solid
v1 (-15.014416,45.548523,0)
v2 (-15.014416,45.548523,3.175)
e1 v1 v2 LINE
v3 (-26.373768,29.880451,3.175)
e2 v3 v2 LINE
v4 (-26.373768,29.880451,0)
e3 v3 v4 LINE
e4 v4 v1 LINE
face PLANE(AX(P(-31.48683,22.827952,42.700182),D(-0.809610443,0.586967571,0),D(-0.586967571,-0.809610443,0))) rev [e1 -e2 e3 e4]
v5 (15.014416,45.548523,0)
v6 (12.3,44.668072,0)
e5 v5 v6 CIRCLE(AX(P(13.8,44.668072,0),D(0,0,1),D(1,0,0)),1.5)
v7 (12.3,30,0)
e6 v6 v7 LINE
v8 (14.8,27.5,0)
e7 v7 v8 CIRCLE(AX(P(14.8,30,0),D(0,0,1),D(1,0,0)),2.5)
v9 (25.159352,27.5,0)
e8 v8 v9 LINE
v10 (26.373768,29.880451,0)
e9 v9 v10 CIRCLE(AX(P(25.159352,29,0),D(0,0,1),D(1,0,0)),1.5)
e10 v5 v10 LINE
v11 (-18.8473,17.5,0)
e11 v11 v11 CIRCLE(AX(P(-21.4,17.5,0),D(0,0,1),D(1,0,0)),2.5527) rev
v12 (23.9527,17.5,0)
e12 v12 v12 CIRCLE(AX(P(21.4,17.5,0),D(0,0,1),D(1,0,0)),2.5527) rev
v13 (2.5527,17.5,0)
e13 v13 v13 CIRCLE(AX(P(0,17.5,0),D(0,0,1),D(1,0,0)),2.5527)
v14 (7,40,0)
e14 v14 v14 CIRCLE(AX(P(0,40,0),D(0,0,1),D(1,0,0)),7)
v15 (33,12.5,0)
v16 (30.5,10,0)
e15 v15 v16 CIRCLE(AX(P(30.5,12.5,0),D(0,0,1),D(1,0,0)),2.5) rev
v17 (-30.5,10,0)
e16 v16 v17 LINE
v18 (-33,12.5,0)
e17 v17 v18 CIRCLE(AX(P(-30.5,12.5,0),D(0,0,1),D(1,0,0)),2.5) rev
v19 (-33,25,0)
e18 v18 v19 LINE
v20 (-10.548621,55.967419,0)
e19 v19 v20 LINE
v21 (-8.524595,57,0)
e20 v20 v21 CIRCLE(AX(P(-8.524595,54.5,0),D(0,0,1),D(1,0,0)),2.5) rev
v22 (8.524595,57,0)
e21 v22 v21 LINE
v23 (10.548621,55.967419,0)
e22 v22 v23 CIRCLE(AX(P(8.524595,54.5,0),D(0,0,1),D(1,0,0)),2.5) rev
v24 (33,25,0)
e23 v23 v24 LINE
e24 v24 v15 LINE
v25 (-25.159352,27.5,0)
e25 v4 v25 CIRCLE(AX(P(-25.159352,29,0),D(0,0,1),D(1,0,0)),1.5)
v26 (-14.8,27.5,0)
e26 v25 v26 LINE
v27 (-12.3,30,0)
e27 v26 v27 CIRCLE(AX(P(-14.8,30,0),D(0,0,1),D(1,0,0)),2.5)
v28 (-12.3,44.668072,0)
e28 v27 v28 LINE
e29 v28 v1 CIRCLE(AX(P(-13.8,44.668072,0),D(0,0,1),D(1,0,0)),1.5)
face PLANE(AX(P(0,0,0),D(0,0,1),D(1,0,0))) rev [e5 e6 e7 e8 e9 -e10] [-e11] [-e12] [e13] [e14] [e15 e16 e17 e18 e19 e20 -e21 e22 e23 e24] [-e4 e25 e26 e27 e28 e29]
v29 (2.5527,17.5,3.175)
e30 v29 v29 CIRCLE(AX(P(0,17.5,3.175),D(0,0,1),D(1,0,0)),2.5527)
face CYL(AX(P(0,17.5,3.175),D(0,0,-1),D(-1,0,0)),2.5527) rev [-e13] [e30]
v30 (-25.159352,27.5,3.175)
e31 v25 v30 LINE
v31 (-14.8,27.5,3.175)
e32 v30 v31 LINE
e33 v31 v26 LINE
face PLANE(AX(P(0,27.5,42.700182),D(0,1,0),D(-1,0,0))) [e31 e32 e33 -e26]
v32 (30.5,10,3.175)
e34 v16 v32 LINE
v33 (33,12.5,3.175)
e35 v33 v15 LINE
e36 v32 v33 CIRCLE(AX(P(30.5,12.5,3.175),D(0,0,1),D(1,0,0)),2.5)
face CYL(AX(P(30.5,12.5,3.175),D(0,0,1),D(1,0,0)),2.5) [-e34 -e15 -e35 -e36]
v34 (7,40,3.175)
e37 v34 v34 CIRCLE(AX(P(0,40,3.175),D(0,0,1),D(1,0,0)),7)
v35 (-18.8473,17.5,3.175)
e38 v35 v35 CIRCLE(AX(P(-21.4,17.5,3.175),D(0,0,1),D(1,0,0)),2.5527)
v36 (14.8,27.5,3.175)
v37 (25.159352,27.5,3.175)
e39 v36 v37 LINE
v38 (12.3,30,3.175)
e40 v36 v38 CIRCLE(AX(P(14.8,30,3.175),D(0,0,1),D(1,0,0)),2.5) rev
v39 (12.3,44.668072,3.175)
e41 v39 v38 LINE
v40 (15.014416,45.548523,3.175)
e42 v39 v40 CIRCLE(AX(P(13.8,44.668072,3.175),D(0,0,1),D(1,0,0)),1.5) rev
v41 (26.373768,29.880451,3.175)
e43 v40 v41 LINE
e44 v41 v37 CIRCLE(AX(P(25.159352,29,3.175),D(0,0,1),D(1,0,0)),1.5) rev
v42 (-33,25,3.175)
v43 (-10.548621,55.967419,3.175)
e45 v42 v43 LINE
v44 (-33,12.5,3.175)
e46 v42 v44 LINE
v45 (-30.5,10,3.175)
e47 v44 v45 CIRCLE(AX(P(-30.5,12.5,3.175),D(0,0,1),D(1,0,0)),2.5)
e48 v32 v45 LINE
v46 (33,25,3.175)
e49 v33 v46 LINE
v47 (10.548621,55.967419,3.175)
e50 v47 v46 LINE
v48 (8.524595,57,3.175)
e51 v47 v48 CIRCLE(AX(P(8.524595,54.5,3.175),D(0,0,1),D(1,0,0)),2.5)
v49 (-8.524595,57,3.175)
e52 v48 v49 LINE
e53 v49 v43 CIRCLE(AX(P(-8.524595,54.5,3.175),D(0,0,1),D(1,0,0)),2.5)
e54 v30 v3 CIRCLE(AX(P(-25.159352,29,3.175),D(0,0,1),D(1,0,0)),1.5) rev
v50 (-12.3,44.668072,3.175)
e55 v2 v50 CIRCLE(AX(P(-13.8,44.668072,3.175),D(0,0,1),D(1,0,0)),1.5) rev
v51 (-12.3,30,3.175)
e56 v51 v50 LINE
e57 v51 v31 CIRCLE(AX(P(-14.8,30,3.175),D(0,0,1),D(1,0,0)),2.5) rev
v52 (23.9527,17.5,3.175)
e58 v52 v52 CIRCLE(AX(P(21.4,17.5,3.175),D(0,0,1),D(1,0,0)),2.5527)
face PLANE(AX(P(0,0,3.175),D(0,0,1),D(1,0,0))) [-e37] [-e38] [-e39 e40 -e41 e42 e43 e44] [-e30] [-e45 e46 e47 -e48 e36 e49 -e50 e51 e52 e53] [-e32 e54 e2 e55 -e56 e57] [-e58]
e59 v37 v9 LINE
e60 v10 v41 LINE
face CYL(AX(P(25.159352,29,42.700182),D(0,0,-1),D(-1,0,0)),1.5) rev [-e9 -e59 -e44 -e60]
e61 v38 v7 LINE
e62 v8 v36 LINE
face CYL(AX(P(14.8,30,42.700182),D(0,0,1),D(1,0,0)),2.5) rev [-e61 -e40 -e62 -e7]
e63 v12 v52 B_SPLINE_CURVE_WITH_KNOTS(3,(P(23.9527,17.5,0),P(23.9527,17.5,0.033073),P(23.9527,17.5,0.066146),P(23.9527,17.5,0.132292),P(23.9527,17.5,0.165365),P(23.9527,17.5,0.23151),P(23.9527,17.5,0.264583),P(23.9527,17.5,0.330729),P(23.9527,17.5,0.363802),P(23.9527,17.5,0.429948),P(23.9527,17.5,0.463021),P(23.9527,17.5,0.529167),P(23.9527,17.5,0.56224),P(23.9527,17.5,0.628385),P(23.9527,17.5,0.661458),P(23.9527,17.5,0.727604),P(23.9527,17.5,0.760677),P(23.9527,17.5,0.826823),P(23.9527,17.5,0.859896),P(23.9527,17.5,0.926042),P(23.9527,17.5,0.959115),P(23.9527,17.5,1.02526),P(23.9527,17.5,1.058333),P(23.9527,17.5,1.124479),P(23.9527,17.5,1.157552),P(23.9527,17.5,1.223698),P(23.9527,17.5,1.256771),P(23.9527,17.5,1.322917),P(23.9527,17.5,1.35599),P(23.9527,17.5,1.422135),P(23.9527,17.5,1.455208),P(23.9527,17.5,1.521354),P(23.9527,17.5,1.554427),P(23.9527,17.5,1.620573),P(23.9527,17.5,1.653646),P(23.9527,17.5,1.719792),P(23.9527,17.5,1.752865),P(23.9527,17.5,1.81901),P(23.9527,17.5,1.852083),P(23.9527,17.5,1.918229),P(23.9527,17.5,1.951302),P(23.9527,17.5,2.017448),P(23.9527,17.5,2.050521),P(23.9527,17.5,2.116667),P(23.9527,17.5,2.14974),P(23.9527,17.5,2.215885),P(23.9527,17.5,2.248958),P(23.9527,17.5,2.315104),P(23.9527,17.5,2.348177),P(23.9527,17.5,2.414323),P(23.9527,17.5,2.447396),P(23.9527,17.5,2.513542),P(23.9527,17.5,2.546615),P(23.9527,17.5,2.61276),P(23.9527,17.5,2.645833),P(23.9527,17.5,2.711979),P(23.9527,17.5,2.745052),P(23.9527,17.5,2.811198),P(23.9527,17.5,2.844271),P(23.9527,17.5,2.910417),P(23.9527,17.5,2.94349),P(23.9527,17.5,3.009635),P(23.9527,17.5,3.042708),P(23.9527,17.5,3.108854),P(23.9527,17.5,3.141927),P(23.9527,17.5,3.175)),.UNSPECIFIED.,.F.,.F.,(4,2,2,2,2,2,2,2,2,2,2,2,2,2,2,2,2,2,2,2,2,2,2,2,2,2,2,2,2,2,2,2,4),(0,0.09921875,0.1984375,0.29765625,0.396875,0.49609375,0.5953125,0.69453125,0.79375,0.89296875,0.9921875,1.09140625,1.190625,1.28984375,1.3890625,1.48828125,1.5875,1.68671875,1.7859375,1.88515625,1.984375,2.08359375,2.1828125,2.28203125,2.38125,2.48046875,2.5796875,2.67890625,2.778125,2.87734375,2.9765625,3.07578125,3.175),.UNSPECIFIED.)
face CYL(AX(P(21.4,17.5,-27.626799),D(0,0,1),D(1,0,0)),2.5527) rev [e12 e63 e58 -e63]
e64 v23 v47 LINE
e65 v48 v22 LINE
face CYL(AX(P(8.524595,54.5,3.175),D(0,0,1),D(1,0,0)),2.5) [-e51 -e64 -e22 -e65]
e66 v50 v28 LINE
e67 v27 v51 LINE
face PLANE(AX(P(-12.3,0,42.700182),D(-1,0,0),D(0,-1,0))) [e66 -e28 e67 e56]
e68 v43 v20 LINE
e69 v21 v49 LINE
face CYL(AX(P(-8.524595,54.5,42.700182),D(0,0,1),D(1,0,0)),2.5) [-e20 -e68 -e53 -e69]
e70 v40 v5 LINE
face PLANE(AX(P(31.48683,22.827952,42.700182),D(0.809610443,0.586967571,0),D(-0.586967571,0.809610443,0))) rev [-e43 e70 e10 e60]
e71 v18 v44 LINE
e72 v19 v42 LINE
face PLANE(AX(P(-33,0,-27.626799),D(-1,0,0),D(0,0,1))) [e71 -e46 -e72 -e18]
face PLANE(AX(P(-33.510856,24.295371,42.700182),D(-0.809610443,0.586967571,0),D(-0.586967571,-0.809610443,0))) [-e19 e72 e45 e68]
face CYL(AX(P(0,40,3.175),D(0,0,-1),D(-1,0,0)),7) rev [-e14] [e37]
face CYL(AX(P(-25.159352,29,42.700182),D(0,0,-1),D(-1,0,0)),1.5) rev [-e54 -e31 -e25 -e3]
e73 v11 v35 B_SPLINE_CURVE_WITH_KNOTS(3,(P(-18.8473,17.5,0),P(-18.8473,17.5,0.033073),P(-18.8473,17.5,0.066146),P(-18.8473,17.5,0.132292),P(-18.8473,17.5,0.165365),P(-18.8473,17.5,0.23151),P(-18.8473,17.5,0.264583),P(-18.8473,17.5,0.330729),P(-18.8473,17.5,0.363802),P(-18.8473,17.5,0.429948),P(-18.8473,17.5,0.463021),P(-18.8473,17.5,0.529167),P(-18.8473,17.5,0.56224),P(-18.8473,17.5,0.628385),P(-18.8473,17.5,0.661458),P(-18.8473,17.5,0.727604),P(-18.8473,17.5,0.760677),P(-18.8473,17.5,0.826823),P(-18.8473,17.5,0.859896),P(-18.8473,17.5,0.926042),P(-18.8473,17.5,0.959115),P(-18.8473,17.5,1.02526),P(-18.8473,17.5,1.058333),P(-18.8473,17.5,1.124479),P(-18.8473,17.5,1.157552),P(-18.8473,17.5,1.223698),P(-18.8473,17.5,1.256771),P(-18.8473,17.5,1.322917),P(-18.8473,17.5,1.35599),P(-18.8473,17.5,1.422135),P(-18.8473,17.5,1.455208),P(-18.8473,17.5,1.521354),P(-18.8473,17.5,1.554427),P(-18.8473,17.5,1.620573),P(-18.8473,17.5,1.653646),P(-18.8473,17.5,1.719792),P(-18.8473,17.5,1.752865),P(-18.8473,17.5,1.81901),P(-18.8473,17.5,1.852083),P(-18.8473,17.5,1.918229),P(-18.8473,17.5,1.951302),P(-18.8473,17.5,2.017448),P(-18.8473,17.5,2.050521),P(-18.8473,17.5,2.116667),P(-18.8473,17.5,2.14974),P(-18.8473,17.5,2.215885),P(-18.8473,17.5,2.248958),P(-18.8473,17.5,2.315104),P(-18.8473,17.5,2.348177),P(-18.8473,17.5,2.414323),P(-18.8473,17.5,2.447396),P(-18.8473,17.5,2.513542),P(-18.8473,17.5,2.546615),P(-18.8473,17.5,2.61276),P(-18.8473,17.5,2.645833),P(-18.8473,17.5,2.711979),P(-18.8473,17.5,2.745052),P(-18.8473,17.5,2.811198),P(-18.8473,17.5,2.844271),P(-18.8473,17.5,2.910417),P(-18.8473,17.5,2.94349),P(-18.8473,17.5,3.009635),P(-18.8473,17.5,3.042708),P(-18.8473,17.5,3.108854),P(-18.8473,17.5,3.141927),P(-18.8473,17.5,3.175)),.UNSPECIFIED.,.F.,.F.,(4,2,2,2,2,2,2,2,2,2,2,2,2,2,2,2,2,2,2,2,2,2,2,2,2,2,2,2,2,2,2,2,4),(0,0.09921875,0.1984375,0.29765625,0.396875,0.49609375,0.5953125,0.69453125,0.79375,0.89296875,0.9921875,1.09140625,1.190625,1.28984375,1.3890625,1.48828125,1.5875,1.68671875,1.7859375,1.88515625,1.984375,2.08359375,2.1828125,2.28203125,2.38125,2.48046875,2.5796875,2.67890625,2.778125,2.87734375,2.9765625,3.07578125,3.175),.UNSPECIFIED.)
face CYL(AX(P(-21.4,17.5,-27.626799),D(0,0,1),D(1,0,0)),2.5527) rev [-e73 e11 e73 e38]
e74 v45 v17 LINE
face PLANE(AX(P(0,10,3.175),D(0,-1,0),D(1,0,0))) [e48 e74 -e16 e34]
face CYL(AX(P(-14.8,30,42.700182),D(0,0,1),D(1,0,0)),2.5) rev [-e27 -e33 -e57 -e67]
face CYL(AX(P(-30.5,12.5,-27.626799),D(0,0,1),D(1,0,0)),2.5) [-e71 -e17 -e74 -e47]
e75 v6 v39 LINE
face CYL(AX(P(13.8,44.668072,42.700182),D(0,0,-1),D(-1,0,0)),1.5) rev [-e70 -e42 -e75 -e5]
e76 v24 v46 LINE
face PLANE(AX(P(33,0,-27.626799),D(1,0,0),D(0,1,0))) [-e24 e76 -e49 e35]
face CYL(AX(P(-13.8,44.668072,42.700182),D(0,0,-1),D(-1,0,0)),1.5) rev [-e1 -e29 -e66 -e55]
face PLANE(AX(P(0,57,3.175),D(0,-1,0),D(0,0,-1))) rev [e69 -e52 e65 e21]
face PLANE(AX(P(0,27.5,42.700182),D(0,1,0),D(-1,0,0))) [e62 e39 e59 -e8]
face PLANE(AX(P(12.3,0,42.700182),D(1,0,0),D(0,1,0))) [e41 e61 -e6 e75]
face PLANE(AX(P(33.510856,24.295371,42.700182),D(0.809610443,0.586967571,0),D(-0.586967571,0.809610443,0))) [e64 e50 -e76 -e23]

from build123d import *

# Parameters (mm, degrees)
SKETCH1_W           = 19.6
SKETCH1_H           = 47
SKETCH1_R           = 2.5527
SKETCH1_R_2         = 7
BOSS_EXTRUDE1_DEPTH = 3.175
SKETCH2_W           = 23.2
SKETCH2_H           = 15
SKETCH2_R           = 2.5527
BOSS_EXTRUDE2_DEPTH = 3.175
BOSS_EXTRUDE3_DEPTH = 3.175
FILLET1_R           = 2.5
FILLET2_R           = 1.5
FILLET3_R           = 2.5


with BuildPart() as part:
    # Sketch1 → Boss-Extrude1 (new body)
    with BuildSketch(Plane.XY):
        with Locations((0, 33.5)):
            Rectangle(SKETCH1_W, SKETCH1_H)
        with Locations((0, 17.5)):
            Circle(SKETCH1_R, mode=Mode.SUBTRACT)
        with Locations((0, 40)):
            Circle(SKETCH1_R_2, mode=Mode.SUBTRACT)
    extrude(amount=BOSS_EXTRUDE1_DEPTH)

    # Sketch2 → Boss-Extrude2 (add)
    # profile 1 of 2: a face of its own
    with BuildSketch(Plane.XY.offset(3.175)):
        with Locations((21.4, 17.5)):
            Rectangle(SKETCH2_W, SKETCH2_H)
        with Locations((21.4, 17.5)):
            Circle(SKETCH2_R, mode=Mode.SUBTRACT)
    # profile 2 of 2: a face of its own
    with BuildSketch(Plane.XY.offset(3.175)):
        with Locations((-21.4, 17.5)):
            Rectangle(SKETCH2_W, SKETCH2_H)
        with Locations((-21.4, 17.5)):
            Circle(SKETCH2_R, mode=Mode.SUBTRACT)
    extrude(amount=-BOSS_EXTRUDE2_DEPTH)

    # Sketch3 → Boss-Extrude3 (add)
    # profile 1 of 2: a face of its own
    with BuildSketch(Plane(origin=(0, 0, 0), x_dir=(-1, 0, 0), z_dir=(0, 0, -1))):
        Polygon((33, 25), (9.8, 57), (9.8, 25), align=None)
        Polygon((28.099595168, 27.5), (12.3, 49.29254506), (12.3, 27.5), align=None, mode=Mode.SUBTRACT)
    # profile 2 of 2: a face of its own
    with BuildSketch(Plane(origin=(0, 0, 0), x_dir=(-1, 0, 0), z_dir=(0, 0, -1))):
        Polygon((-9.8, 57), (-33, 25), (-9.8, 25), align=None)
        Polygon((-12.3, 49.29254506), (-28.099595168, 27.5), (-12.3, 27.5), align=None, mode=Mode.SUBTRACT)
    extrude(amount=-BOSS_EXTRUDE3_DEPTH)

    # Fillet1
    fillet1_edges = [part.edges().sort_by_distance(p)[0] for p in [
        (-12.3, 27.5, 1.5875),
        (12.3, 27.5, 1.5875),
    ]]
    fillet(fillet1_edges, radius=FILLET1_R)

    # Fillet2
    fillet2_edges = [part.edges().sort_by_distance(p)[0] for p in [
        (-12.3, 49.29254506, 1.5875),
        (-28.099595168, 27.5, 1.5875),
        (28.099595168, 27.5, 1.5875),
        (12.3, 49.29254506, 1.5875),
    ]]
    fillet(fillet2_edges, radius=FILLET2_R)

    # Fillet3
    fillet3_edges = [part.edges().sort_by_distance(p)[0] for p in [
        (-9.8, 57, 1.5875),
        (9.8, 57, 1.5875),
        (33, 10, 1.5875),
        (-33, 10, 1.5875),
    ]]
    fillet(fillet3_edges, radius=FILLET3_R)


solid = part.part
